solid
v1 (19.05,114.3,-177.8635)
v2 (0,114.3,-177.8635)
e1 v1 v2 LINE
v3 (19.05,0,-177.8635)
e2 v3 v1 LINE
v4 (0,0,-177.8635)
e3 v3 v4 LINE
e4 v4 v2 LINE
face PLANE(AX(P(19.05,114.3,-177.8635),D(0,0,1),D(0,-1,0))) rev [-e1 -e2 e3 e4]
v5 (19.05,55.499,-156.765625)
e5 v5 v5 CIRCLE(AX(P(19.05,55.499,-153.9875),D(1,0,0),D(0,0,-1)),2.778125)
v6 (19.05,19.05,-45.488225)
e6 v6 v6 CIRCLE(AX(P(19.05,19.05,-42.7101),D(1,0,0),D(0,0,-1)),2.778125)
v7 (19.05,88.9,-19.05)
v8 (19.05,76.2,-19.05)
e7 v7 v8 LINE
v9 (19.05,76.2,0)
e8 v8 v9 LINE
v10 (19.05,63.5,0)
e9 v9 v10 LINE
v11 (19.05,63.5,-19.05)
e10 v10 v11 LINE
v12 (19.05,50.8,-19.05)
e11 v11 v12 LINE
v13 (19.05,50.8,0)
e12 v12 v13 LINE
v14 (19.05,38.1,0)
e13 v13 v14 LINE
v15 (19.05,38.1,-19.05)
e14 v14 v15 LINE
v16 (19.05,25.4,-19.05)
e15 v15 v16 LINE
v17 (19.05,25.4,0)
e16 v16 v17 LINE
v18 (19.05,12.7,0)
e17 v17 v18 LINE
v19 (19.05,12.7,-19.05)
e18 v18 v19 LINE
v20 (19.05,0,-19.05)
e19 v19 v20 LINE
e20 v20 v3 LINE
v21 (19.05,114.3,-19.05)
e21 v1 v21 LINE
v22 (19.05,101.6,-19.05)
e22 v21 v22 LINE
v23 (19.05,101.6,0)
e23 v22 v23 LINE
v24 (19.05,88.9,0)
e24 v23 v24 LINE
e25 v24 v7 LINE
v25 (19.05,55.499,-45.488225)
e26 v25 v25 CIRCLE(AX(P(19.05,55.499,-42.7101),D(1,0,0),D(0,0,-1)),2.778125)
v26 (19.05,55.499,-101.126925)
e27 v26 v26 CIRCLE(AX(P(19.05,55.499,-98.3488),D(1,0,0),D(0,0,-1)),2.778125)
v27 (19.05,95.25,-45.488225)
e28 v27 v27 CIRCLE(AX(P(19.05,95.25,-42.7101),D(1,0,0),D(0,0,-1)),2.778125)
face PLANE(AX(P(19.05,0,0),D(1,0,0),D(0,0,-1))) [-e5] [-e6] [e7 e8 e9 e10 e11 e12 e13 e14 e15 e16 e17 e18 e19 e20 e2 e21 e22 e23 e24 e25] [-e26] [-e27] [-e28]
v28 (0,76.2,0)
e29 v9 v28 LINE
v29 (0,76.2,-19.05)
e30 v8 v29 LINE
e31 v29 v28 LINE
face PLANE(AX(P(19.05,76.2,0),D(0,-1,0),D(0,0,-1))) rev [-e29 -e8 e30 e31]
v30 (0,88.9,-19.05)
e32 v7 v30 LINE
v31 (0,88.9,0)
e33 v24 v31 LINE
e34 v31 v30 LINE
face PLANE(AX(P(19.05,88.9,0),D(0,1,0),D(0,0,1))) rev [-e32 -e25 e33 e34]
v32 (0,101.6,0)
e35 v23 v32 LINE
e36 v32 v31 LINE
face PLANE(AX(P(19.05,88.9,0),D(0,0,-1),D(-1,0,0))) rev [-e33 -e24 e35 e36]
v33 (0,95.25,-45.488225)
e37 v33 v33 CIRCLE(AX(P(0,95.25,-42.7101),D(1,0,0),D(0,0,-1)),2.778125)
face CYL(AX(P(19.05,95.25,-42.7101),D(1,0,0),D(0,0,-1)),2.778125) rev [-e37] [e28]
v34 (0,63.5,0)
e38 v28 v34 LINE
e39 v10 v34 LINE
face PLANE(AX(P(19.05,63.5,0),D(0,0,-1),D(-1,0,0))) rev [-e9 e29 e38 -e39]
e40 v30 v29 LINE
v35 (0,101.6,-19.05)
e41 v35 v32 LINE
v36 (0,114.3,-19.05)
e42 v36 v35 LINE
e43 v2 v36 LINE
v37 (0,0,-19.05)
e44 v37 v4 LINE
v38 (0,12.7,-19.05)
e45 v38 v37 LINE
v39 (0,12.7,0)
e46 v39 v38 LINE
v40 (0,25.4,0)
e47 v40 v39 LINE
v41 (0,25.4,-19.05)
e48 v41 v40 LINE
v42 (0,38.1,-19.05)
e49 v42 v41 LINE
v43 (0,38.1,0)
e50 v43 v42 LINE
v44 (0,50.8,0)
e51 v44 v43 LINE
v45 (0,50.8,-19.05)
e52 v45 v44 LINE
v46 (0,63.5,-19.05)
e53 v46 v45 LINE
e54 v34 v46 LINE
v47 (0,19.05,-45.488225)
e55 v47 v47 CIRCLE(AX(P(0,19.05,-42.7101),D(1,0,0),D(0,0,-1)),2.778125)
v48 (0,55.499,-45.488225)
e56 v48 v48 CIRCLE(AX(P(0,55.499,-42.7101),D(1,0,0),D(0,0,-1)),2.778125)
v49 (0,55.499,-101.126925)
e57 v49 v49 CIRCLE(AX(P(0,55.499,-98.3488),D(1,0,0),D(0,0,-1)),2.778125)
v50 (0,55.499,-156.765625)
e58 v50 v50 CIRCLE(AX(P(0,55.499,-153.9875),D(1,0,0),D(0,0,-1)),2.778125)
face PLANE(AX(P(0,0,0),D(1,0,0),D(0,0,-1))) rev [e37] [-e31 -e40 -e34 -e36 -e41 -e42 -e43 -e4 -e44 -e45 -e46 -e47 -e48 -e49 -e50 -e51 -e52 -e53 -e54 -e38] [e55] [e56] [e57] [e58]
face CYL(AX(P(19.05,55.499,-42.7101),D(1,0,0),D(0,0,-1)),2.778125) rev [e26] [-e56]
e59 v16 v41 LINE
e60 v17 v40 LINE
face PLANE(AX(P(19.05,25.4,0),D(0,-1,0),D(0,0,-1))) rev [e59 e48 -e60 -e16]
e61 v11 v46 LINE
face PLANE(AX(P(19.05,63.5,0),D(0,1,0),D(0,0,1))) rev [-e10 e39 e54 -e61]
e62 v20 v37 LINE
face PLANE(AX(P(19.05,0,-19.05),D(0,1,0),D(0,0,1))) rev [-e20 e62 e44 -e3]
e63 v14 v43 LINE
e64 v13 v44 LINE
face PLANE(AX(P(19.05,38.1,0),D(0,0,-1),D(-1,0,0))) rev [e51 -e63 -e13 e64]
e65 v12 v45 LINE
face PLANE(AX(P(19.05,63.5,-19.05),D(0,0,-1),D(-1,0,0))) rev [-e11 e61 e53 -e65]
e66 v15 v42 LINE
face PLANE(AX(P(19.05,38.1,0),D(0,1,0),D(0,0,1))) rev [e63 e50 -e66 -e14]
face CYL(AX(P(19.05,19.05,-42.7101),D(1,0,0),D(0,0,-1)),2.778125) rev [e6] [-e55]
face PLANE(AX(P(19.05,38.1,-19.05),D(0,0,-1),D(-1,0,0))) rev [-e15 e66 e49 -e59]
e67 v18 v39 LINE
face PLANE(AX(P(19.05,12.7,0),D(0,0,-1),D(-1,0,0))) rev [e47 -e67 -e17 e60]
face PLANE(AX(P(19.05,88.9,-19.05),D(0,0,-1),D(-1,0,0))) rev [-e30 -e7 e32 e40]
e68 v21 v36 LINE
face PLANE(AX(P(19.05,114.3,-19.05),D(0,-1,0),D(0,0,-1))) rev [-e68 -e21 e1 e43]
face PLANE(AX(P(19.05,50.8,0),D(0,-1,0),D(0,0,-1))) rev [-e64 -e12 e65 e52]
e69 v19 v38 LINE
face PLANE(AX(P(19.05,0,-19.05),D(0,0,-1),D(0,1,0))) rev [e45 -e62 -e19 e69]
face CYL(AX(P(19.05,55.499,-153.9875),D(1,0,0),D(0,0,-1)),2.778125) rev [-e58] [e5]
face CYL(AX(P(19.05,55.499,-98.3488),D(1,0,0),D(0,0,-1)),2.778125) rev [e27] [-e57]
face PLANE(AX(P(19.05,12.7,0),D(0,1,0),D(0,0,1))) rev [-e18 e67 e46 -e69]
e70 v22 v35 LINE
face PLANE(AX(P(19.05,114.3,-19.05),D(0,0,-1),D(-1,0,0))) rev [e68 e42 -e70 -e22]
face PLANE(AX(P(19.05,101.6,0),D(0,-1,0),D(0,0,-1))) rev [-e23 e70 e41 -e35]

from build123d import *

# Parameters (mm, degrees)
BOSS_EXTRUDE1_DEPTH             = 19.05
F_7_32_0_21875_DIAMETER_HOLE3_D = 5.55625


with BuildPart() as part:
    # Sketch1 → Boss-Extrude1 (new body)
    with BuildSketch(Plane(origin=(0, 0, 0), x_dir=(0, 0, -1), z_dir=(1, 0, 0))):
        Polygon((19.05, 0), (177.8635, 0), (177.8635, 114.3), (19.05, 114.3), (19.05, 101.6), (0, 101.6), (0, 88.9), (19.05, 88.9), (19.05, 76.2), (0, 76.2), (0, 63.5), (19.05, 63.5), (19.05, 50.8), (0, 50.8), (0, 38.1), (19.05, 38.1), (19.05, 25.4), (0, 25.4), (0, 12.7), (19.05, 12.7), align=None)
    extrude(amount=BOSS_EXTRUDE1_DEPTH)

    # 7/32 (0.21875) Diameter Hole3 (through all)
    with Locations(Plane(origin=(19.05, 0, 0), x_dir=(0, 0, -1), z_dir=(1, 0, 0))):
        with Locations((42.7101, 19.05), (153.9875, 55.499), (98.3488, 55.499), (42.7101, 55.499), (42.7101, 95.25)):
            Hole(F_7_32_0_21875_DIAMETER_HOLE3_D / 2)


solid = part.part
